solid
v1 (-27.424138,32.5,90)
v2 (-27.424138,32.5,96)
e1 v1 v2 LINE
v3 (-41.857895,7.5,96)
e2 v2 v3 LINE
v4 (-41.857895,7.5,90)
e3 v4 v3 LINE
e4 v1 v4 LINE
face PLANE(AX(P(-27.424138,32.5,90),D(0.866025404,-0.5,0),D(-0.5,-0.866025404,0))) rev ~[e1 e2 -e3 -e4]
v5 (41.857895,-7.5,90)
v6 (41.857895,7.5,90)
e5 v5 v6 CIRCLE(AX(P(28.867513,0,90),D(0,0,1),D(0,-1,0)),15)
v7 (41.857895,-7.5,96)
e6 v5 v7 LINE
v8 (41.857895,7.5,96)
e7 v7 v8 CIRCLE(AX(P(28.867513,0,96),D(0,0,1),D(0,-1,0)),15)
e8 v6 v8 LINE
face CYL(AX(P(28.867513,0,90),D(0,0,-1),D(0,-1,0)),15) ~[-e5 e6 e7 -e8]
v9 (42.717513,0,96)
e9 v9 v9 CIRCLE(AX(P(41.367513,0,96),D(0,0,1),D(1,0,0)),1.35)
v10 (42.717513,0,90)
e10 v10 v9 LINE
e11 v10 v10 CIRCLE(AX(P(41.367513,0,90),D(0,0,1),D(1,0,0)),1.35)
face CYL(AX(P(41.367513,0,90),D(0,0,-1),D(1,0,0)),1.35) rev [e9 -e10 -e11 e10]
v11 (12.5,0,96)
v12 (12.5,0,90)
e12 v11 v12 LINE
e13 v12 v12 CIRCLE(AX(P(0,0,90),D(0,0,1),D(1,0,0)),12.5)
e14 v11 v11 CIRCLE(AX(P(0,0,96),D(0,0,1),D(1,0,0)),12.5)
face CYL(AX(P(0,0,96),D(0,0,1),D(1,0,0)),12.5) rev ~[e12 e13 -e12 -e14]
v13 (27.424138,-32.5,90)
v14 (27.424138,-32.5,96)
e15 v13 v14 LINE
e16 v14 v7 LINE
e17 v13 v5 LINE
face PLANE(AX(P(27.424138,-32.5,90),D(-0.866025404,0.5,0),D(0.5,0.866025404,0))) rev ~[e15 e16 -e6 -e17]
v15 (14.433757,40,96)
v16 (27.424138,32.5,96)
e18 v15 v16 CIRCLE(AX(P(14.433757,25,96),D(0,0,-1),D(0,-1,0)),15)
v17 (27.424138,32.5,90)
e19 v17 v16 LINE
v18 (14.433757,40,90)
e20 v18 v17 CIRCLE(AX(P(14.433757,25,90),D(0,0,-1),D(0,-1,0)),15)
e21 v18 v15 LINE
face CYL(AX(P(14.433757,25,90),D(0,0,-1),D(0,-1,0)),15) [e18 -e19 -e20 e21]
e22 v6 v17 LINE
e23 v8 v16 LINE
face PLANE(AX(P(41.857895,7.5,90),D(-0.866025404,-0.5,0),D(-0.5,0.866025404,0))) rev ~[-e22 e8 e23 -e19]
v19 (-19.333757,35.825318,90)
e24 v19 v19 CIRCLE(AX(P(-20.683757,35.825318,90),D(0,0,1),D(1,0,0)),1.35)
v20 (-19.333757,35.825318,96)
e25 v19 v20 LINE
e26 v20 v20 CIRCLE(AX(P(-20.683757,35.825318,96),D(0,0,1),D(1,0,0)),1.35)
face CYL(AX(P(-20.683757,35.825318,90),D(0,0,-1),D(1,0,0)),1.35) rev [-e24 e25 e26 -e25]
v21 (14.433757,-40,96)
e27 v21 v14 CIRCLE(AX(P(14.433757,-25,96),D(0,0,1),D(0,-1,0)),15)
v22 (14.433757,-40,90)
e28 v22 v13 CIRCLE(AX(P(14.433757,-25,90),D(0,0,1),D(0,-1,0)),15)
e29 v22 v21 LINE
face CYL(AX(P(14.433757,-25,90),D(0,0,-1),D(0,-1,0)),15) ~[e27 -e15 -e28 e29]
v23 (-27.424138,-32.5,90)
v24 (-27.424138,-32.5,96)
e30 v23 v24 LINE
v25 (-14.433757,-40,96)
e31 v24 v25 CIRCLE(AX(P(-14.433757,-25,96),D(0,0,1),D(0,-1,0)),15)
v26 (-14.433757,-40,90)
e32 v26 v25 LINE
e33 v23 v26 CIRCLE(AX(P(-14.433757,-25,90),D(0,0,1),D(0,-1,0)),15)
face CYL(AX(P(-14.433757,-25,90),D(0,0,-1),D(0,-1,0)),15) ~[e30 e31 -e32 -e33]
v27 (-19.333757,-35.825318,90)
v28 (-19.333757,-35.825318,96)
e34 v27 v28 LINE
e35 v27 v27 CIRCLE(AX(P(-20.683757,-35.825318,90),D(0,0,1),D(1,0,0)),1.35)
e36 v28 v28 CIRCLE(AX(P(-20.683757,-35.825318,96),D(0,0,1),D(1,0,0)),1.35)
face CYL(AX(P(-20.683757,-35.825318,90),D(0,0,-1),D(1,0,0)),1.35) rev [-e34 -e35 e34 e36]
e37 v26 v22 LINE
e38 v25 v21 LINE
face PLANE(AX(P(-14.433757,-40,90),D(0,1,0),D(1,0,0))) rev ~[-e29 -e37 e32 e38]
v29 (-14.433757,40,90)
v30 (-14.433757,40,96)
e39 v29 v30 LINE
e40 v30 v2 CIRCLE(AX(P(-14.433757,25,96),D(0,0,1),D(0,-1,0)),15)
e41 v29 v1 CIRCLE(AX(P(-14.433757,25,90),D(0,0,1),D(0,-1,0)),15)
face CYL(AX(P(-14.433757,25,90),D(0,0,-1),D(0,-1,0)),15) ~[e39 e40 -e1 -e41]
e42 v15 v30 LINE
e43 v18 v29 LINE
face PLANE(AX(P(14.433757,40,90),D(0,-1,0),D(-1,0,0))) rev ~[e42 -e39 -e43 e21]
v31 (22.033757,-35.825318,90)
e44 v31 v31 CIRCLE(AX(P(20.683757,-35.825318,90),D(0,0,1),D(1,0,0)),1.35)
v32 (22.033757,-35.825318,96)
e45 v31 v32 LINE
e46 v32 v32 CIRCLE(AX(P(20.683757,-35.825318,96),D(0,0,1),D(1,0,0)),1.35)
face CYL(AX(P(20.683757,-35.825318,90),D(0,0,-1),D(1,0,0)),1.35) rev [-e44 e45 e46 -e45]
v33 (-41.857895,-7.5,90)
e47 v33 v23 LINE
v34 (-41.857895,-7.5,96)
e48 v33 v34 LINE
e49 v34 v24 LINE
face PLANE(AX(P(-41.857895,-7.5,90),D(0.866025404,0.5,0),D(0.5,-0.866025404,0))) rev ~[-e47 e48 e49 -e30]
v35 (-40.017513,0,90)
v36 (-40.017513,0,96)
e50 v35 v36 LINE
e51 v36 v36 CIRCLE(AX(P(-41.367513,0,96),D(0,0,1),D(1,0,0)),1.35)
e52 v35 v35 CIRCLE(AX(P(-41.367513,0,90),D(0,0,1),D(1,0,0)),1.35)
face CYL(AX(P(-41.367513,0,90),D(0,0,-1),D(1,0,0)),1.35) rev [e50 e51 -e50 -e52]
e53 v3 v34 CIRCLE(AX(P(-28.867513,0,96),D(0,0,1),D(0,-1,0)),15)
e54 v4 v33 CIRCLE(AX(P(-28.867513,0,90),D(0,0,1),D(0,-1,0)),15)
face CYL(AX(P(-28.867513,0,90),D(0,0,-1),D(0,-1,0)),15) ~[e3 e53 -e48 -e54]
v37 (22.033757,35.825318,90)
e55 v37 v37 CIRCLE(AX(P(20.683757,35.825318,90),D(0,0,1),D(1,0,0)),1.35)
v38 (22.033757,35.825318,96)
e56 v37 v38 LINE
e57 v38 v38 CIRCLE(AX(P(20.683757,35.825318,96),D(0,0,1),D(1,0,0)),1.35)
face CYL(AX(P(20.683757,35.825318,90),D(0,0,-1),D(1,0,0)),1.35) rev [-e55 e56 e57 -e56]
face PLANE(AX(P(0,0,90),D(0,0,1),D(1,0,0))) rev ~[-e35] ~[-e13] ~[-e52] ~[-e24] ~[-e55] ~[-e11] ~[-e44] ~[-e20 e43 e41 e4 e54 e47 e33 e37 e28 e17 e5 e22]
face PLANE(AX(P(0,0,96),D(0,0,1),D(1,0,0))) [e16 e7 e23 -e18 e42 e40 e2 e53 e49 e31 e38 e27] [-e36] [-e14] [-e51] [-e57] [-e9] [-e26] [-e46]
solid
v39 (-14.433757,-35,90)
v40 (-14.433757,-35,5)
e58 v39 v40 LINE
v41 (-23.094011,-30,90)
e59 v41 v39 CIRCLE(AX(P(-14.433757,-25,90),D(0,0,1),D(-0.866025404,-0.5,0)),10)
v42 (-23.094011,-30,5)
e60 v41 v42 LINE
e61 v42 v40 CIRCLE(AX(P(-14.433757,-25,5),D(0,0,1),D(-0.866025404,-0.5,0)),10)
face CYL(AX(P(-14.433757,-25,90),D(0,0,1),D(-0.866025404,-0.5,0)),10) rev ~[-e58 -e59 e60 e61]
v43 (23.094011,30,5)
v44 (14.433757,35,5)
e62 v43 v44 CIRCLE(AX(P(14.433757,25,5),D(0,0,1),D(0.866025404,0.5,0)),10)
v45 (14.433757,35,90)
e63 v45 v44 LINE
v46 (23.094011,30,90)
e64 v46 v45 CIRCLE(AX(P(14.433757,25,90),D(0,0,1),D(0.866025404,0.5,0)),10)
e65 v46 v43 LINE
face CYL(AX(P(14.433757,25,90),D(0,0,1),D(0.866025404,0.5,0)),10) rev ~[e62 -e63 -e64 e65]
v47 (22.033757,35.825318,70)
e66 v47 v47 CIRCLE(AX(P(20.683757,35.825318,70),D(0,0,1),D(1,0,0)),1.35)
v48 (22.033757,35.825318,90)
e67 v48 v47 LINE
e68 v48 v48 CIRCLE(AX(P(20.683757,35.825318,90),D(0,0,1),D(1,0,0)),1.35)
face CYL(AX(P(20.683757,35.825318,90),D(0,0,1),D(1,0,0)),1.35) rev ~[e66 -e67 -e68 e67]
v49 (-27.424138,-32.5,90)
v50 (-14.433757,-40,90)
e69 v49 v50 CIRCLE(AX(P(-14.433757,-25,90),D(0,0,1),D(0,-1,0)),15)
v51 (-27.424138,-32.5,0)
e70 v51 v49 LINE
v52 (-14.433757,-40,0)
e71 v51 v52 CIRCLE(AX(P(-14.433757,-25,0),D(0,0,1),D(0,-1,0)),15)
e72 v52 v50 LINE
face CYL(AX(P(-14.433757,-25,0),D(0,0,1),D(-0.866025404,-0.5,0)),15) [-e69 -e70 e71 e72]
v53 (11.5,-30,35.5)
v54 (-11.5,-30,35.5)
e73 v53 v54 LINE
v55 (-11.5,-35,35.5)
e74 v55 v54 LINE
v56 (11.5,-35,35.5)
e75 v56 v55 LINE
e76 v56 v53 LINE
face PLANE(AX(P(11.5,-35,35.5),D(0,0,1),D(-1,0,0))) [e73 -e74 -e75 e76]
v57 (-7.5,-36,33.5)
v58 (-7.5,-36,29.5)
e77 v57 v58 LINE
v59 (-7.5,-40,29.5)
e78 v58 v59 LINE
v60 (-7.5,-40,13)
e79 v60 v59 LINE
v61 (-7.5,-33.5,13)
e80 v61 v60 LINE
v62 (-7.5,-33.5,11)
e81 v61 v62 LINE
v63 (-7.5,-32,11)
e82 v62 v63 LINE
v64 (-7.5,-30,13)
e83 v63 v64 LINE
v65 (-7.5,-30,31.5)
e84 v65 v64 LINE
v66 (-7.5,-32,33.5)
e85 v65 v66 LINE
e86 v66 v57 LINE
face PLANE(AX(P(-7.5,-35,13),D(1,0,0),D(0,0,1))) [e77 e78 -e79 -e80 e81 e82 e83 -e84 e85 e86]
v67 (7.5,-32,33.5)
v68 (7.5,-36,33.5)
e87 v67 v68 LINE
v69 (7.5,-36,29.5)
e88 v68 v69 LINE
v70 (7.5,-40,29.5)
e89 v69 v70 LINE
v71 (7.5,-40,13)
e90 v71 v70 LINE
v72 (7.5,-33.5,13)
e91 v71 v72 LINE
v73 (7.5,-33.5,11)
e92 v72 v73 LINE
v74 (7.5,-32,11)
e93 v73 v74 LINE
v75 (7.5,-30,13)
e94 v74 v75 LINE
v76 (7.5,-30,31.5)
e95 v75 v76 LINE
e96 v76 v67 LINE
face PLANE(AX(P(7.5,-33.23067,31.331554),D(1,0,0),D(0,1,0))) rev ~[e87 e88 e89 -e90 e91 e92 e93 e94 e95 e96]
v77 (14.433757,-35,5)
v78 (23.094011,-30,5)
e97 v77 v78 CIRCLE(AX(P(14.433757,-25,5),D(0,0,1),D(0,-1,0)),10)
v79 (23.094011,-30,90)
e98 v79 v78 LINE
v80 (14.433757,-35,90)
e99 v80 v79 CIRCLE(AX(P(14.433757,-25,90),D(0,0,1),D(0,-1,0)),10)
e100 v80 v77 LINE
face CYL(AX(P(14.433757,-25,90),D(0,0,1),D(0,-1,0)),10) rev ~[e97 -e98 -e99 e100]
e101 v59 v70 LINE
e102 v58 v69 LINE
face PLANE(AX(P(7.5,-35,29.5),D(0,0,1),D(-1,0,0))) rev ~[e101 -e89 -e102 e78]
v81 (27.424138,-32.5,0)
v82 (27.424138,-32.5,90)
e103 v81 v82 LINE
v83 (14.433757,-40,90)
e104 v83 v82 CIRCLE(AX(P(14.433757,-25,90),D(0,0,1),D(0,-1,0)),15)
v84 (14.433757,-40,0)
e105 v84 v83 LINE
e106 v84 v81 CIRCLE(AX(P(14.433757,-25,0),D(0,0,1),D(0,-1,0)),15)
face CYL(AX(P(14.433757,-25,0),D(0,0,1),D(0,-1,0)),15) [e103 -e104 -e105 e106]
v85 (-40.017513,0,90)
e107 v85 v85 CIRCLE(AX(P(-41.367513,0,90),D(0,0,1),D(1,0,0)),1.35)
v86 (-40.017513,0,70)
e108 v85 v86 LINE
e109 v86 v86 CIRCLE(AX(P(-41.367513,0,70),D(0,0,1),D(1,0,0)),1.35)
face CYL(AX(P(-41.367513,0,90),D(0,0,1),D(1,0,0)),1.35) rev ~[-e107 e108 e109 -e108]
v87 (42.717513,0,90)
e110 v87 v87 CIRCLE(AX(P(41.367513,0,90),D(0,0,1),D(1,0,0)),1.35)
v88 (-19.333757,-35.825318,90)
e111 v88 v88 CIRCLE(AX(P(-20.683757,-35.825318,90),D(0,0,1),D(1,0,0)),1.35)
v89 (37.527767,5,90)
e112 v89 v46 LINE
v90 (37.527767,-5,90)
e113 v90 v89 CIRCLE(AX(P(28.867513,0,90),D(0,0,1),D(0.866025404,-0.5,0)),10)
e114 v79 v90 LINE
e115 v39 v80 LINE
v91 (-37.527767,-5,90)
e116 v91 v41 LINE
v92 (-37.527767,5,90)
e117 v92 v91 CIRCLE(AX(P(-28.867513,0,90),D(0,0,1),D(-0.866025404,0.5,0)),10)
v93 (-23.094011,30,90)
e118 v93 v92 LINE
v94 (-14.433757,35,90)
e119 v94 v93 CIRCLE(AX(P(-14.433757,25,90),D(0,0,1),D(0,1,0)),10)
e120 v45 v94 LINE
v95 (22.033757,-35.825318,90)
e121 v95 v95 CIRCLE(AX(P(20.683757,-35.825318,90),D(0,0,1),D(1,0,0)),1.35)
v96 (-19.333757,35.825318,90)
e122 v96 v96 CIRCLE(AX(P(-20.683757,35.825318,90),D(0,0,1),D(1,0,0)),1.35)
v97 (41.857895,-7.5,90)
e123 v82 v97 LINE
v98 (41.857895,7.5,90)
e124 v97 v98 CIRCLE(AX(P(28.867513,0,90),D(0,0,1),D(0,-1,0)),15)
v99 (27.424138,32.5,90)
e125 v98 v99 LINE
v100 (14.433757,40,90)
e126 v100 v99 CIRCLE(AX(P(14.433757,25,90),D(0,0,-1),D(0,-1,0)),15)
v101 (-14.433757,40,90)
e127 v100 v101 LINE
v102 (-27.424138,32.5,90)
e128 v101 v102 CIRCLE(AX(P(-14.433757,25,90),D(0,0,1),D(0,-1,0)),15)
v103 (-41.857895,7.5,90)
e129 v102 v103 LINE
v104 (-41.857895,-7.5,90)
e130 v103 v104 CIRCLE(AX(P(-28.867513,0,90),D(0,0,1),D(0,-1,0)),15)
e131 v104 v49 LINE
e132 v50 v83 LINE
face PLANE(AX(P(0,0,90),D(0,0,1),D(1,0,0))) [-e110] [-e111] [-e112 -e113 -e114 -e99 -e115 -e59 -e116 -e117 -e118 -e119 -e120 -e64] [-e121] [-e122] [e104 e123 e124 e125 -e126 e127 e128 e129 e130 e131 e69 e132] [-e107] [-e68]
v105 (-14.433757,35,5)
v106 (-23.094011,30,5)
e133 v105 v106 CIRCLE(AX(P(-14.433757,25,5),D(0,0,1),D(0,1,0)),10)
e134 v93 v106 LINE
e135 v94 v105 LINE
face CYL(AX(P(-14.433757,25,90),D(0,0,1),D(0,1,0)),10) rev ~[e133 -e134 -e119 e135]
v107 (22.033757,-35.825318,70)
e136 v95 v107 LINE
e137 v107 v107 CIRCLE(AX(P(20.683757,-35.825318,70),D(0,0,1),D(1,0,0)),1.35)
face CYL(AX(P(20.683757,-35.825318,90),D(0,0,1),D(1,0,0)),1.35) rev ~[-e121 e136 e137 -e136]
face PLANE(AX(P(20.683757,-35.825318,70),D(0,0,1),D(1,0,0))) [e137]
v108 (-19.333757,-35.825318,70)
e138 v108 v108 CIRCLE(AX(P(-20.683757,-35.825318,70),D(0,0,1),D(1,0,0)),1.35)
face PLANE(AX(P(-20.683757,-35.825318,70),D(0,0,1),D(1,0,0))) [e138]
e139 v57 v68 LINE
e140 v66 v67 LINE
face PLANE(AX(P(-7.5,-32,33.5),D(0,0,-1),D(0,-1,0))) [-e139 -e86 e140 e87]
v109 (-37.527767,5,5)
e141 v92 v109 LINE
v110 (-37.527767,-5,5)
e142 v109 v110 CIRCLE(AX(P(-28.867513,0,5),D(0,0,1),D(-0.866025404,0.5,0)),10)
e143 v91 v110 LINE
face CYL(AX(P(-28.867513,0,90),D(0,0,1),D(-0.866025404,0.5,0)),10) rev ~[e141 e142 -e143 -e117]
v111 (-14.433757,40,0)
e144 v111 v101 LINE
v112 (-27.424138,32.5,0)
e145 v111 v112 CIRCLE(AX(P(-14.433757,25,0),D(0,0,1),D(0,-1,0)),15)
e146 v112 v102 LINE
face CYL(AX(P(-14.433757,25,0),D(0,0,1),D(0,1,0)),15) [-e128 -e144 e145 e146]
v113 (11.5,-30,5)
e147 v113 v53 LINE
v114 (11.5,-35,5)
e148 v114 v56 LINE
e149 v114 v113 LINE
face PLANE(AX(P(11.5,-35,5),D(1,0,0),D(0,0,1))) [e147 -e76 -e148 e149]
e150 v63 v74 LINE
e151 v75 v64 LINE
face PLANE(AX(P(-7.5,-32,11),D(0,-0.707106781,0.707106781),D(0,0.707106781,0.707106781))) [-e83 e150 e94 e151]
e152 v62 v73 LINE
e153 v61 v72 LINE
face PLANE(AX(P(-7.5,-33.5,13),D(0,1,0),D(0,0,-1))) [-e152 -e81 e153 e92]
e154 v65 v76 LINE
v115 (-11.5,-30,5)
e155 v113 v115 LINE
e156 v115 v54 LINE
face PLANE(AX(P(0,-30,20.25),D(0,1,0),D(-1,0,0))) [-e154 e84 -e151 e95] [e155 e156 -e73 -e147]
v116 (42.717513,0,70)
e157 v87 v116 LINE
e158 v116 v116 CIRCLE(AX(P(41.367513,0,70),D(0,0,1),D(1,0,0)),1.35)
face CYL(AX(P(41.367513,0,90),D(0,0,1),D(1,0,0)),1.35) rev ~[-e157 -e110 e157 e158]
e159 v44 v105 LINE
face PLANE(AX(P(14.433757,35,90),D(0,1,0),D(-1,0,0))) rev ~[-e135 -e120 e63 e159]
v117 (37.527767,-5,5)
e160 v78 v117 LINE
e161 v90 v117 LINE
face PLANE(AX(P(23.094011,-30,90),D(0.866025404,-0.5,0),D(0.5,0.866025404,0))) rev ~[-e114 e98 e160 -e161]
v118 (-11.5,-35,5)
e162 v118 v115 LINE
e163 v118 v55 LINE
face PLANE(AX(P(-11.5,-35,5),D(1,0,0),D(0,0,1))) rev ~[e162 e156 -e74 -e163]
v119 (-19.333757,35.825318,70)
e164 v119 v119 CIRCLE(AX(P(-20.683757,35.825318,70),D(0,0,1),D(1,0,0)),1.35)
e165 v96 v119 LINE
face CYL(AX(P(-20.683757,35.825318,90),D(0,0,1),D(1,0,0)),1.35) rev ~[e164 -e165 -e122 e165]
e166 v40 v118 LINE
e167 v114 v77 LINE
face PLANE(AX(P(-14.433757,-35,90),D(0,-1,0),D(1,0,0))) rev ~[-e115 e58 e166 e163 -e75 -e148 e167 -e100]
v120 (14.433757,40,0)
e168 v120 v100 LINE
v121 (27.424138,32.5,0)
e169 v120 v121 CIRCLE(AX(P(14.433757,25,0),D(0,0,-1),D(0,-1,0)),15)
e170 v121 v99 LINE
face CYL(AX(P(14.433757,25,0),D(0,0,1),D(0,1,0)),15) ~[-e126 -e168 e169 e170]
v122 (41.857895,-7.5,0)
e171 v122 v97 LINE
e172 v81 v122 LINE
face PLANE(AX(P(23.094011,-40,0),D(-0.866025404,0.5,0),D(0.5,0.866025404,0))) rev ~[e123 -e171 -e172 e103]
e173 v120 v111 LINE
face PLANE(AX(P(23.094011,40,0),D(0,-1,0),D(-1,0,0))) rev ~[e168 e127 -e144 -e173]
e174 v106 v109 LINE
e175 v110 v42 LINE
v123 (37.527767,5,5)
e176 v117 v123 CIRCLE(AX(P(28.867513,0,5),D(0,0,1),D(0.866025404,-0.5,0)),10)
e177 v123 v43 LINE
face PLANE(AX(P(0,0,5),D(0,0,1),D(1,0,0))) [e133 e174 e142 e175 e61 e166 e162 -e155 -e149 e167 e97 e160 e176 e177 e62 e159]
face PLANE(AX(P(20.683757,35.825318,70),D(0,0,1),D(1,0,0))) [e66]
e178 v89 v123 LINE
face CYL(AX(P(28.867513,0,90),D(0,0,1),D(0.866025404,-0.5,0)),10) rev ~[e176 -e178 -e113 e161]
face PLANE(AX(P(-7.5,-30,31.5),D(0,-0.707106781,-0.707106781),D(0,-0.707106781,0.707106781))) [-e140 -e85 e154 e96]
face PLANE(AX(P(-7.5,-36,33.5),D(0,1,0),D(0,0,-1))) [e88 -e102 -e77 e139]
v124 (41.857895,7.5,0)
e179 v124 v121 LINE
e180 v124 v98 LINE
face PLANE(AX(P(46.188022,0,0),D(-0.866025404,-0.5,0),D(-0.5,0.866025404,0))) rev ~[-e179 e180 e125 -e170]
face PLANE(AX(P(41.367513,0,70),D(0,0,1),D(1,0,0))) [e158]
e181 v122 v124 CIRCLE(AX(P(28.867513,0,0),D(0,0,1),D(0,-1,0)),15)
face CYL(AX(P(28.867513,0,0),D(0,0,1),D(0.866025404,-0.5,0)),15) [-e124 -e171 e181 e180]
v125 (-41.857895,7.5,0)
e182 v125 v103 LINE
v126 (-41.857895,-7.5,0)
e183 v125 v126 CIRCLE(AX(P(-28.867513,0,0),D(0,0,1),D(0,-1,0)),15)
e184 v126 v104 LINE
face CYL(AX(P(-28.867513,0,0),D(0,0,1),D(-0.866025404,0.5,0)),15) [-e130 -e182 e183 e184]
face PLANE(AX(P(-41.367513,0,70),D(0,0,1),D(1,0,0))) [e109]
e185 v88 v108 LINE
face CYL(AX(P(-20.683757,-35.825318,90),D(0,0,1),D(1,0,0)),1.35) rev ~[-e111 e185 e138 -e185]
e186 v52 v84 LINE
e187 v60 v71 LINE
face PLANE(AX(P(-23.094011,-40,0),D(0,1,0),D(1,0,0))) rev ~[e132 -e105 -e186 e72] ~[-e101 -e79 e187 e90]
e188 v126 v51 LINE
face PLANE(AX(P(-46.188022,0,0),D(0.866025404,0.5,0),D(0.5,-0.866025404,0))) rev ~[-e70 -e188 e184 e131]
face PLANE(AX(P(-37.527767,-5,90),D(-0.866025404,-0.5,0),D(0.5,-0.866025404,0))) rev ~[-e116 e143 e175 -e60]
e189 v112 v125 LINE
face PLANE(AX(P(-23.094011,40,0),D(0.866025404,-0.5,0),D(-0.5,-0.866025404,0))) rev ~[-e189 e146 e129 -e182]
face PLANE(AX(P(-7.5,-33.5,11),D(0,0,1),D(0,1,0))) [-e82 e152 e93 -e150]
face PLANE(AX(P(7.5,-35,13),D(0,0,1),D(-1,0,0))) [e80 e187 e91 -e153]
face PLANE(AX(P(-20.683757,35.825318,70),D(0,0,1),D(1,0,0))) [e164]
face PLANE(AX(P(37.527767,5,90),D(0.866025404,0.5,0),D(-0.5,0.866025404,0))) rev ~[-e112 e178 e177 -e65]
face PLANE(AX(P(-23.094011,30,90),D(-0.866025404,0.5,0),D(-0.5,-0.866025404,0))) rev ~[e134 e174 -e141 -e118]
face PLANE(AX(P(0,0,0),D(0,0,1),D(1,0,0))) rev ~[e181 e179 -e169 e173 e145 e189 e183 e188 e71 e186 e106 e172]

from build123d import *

# Parameters (mm, degrees)
F6_DEPTH  = 90
F7_R      = 15
F8_DEPTH  = 6
F10_DEPTH = 85
F11_R     = 1.35
F12_DEPTH = 20
F13_DEPTH = 6
F14_R     = 12.5
F15_DEPTH = 6
F16_W     = 15
F16_H     = 16.5
F17_DEPTH = 5
F18_W     = 23
F18_H     = 30.5
F18_W_2   = 15
F18_H_2   = 16.5
F19_DEPTH = 5
F21_DEPTH = 15


with BuildPart() as f6:
    # F5 (on Top) → F6 (new body)
    with BuildSketch(Plane.XY):
        Polygon((23.0940107676, 40), (-23.0940107676, 40), (-46.1880215352, 0), (-23.0940107676, -40), (23.0940107676, -40), (46.1880215352, 0), align=None)
    extrude(amount=F6_DEPTH)

    # F7
    f7_edges = [f6.edges().sort_by_distance(p)[0] for p in [
        (-23.094011, -40, 45),
        (-46.188022, 0, 45),
        (-23.094011, 40, 45),
        (23.094011, 40, 45),
        (46.188022, 0, 45),
        (23.094011, -40, 45),
    ]]
    fillet(f7_edges, radius=F7_R)


with BuildPart() as f8:
    # F8 (new): a face of the model
    f8_faces = [f6.part.faces().sort_by_distance(p)[0] for p in [
        (0, 0, 90),
    ]]
    extrude(f8_faces, amount=F8_DEPTH)

    # F11 (on face) → F13 (cut)
    with BuildSketch(Plane.XY.offset(90)):
        with Locations((-20.6837567297, 35.8253175473)):
            Circle(F11_R)
        with Locations((-41.3675134595, 0)):
            Circle(F11_R)
        with Locations((-20.6837567297, -35.8253175473)):
            Circle(F11_R)
        with Locations((41.3675134595, 0)):
            Circle(F11_R)
        with Locations((20.6837567297, 35.8253175473)):
            Circle(F11_R)
        with Locations((20.6837567297, -35.8253175473)):
            Circle(F11_R)
    extrude(amount=F13_DEPTH, mode=Mode.SUBTRACT)

    # F14 (on face) → F15 (cut)
    with BuildSketch(Plane.XY.offset(96)):
        Circle(F14_R)
    extrude(amount=-F15_DEPTH, mode=Mode.SUBTRACT)


with BuildPart() as f6_1:
    add(f6.part)

    # F9 (on face) → F10 (cut)
    with BuildSketch(Plane.XY.offset(90)):
        with BuildLine():
            Line((14.4337567297, 35), (-14.4337567297, 35))
            ThreePointArc((-14.4337567297, 35), (-19.4337567297, 33.6602540378), (-23.0940107676, 30))
            Line((-23.0940107676, 30), (-37.5277674973, 5))
            ThreePointArc((-37.5277674973, 5), (-38.8675134595, 0), (-37.5277674973, -5))
            Line((-37.5277674973, -5), (-23.0940107676, -30))
            ThreePointArc((-23.0940107676, -30), (-19.4337567297, -33.6602540378), (-14.4337567297, -35))
            Line((-14.4337567297, -35), (14.4337567297, -35))
            ThreePointArc((14.4337567297, -35), (19.4337567297, -33.6602540378), (23.0940107676, -30))
            Line((23.0940107676, -30), (37.5277674973, -5))
            ThreePointArc((37.5277674973, -5), (38.8675134595, 0), (37.5277674973, 5))
            Line((37.5277674973, 5), (23.0940107676, 30))
            ThreePointArc((23.0940107676, 30), (19.4337567297, 33.6602540378), (14.4337567297, 35))
        make_face()
    extrude(amount=-F10_DEPTH, mode=Mode.SUBTRACT)

    # F11 (on face) → F12 (cut)
    with BuildSketch(Plane.XY.offset(90)):
        with Locations((-41.3675134595, 0)):
            Circle(F11_R)
        with Locations((-20.6837567297, -35.8253175473)):
            Circle(F11_R)
        with Locations((20.6837567297, -35.8253175473)):
            Circle(F11_R)
        with Locations((41.3675134595, 0)):
            Circle(F11_R)
        with Locations((20.6837567297, 35.8253175473)):
            Circle(F11_R)
        with Locations((-20.6837567297, 35.8253175473)):
            Circle(F11_R)
    extrude(amount=-F12_DEPTH, mode=Mode.SUBTRACT)

    # F16 (on face) → F17 (cut, through all)
    with BuildSketch(Plane.XZ.offset(40)):
        with Locations((0, 21.25)):
            Rectangle(F16_W, F16_H)
    extrude(amount=-F17_DEPTH, mode=Mode.SUBTRACT)

    # F18 (on face) → F19 (join)
    with BuildSketch(Plane(origin=(0, -35, 0), x_dir=(-1, 0, 0), z_dir=(0, 1, 0))):
        with Locations((0, 20.25)):
            Rectangle(F18_W, F18_H)
        with Locations((0, 21.25)):
            Rectangle(F18_W_2, F18_H_2, mode=Mode.SUBTRACT)
    extrude(amount=F19_DEPTH)

    # F20 (on face) → F21 (cut, through all)
    with BuildSketch(Plane.YZ.offset(-7.5)):
        Polygon((-32, 11), (-30, 13), (-33.5, 13), (-33.5, 11), align=None)
        Polygon((-30, 31.5), (-32, 33.5), (-36, 33.5), (-36, 29.5), (-30, 29.5), align=None)
    extrude(amount=F21_DEPTH, mode=Mode.SUBTRACT)


solid = Compound([f8.part, f6_1.part])
